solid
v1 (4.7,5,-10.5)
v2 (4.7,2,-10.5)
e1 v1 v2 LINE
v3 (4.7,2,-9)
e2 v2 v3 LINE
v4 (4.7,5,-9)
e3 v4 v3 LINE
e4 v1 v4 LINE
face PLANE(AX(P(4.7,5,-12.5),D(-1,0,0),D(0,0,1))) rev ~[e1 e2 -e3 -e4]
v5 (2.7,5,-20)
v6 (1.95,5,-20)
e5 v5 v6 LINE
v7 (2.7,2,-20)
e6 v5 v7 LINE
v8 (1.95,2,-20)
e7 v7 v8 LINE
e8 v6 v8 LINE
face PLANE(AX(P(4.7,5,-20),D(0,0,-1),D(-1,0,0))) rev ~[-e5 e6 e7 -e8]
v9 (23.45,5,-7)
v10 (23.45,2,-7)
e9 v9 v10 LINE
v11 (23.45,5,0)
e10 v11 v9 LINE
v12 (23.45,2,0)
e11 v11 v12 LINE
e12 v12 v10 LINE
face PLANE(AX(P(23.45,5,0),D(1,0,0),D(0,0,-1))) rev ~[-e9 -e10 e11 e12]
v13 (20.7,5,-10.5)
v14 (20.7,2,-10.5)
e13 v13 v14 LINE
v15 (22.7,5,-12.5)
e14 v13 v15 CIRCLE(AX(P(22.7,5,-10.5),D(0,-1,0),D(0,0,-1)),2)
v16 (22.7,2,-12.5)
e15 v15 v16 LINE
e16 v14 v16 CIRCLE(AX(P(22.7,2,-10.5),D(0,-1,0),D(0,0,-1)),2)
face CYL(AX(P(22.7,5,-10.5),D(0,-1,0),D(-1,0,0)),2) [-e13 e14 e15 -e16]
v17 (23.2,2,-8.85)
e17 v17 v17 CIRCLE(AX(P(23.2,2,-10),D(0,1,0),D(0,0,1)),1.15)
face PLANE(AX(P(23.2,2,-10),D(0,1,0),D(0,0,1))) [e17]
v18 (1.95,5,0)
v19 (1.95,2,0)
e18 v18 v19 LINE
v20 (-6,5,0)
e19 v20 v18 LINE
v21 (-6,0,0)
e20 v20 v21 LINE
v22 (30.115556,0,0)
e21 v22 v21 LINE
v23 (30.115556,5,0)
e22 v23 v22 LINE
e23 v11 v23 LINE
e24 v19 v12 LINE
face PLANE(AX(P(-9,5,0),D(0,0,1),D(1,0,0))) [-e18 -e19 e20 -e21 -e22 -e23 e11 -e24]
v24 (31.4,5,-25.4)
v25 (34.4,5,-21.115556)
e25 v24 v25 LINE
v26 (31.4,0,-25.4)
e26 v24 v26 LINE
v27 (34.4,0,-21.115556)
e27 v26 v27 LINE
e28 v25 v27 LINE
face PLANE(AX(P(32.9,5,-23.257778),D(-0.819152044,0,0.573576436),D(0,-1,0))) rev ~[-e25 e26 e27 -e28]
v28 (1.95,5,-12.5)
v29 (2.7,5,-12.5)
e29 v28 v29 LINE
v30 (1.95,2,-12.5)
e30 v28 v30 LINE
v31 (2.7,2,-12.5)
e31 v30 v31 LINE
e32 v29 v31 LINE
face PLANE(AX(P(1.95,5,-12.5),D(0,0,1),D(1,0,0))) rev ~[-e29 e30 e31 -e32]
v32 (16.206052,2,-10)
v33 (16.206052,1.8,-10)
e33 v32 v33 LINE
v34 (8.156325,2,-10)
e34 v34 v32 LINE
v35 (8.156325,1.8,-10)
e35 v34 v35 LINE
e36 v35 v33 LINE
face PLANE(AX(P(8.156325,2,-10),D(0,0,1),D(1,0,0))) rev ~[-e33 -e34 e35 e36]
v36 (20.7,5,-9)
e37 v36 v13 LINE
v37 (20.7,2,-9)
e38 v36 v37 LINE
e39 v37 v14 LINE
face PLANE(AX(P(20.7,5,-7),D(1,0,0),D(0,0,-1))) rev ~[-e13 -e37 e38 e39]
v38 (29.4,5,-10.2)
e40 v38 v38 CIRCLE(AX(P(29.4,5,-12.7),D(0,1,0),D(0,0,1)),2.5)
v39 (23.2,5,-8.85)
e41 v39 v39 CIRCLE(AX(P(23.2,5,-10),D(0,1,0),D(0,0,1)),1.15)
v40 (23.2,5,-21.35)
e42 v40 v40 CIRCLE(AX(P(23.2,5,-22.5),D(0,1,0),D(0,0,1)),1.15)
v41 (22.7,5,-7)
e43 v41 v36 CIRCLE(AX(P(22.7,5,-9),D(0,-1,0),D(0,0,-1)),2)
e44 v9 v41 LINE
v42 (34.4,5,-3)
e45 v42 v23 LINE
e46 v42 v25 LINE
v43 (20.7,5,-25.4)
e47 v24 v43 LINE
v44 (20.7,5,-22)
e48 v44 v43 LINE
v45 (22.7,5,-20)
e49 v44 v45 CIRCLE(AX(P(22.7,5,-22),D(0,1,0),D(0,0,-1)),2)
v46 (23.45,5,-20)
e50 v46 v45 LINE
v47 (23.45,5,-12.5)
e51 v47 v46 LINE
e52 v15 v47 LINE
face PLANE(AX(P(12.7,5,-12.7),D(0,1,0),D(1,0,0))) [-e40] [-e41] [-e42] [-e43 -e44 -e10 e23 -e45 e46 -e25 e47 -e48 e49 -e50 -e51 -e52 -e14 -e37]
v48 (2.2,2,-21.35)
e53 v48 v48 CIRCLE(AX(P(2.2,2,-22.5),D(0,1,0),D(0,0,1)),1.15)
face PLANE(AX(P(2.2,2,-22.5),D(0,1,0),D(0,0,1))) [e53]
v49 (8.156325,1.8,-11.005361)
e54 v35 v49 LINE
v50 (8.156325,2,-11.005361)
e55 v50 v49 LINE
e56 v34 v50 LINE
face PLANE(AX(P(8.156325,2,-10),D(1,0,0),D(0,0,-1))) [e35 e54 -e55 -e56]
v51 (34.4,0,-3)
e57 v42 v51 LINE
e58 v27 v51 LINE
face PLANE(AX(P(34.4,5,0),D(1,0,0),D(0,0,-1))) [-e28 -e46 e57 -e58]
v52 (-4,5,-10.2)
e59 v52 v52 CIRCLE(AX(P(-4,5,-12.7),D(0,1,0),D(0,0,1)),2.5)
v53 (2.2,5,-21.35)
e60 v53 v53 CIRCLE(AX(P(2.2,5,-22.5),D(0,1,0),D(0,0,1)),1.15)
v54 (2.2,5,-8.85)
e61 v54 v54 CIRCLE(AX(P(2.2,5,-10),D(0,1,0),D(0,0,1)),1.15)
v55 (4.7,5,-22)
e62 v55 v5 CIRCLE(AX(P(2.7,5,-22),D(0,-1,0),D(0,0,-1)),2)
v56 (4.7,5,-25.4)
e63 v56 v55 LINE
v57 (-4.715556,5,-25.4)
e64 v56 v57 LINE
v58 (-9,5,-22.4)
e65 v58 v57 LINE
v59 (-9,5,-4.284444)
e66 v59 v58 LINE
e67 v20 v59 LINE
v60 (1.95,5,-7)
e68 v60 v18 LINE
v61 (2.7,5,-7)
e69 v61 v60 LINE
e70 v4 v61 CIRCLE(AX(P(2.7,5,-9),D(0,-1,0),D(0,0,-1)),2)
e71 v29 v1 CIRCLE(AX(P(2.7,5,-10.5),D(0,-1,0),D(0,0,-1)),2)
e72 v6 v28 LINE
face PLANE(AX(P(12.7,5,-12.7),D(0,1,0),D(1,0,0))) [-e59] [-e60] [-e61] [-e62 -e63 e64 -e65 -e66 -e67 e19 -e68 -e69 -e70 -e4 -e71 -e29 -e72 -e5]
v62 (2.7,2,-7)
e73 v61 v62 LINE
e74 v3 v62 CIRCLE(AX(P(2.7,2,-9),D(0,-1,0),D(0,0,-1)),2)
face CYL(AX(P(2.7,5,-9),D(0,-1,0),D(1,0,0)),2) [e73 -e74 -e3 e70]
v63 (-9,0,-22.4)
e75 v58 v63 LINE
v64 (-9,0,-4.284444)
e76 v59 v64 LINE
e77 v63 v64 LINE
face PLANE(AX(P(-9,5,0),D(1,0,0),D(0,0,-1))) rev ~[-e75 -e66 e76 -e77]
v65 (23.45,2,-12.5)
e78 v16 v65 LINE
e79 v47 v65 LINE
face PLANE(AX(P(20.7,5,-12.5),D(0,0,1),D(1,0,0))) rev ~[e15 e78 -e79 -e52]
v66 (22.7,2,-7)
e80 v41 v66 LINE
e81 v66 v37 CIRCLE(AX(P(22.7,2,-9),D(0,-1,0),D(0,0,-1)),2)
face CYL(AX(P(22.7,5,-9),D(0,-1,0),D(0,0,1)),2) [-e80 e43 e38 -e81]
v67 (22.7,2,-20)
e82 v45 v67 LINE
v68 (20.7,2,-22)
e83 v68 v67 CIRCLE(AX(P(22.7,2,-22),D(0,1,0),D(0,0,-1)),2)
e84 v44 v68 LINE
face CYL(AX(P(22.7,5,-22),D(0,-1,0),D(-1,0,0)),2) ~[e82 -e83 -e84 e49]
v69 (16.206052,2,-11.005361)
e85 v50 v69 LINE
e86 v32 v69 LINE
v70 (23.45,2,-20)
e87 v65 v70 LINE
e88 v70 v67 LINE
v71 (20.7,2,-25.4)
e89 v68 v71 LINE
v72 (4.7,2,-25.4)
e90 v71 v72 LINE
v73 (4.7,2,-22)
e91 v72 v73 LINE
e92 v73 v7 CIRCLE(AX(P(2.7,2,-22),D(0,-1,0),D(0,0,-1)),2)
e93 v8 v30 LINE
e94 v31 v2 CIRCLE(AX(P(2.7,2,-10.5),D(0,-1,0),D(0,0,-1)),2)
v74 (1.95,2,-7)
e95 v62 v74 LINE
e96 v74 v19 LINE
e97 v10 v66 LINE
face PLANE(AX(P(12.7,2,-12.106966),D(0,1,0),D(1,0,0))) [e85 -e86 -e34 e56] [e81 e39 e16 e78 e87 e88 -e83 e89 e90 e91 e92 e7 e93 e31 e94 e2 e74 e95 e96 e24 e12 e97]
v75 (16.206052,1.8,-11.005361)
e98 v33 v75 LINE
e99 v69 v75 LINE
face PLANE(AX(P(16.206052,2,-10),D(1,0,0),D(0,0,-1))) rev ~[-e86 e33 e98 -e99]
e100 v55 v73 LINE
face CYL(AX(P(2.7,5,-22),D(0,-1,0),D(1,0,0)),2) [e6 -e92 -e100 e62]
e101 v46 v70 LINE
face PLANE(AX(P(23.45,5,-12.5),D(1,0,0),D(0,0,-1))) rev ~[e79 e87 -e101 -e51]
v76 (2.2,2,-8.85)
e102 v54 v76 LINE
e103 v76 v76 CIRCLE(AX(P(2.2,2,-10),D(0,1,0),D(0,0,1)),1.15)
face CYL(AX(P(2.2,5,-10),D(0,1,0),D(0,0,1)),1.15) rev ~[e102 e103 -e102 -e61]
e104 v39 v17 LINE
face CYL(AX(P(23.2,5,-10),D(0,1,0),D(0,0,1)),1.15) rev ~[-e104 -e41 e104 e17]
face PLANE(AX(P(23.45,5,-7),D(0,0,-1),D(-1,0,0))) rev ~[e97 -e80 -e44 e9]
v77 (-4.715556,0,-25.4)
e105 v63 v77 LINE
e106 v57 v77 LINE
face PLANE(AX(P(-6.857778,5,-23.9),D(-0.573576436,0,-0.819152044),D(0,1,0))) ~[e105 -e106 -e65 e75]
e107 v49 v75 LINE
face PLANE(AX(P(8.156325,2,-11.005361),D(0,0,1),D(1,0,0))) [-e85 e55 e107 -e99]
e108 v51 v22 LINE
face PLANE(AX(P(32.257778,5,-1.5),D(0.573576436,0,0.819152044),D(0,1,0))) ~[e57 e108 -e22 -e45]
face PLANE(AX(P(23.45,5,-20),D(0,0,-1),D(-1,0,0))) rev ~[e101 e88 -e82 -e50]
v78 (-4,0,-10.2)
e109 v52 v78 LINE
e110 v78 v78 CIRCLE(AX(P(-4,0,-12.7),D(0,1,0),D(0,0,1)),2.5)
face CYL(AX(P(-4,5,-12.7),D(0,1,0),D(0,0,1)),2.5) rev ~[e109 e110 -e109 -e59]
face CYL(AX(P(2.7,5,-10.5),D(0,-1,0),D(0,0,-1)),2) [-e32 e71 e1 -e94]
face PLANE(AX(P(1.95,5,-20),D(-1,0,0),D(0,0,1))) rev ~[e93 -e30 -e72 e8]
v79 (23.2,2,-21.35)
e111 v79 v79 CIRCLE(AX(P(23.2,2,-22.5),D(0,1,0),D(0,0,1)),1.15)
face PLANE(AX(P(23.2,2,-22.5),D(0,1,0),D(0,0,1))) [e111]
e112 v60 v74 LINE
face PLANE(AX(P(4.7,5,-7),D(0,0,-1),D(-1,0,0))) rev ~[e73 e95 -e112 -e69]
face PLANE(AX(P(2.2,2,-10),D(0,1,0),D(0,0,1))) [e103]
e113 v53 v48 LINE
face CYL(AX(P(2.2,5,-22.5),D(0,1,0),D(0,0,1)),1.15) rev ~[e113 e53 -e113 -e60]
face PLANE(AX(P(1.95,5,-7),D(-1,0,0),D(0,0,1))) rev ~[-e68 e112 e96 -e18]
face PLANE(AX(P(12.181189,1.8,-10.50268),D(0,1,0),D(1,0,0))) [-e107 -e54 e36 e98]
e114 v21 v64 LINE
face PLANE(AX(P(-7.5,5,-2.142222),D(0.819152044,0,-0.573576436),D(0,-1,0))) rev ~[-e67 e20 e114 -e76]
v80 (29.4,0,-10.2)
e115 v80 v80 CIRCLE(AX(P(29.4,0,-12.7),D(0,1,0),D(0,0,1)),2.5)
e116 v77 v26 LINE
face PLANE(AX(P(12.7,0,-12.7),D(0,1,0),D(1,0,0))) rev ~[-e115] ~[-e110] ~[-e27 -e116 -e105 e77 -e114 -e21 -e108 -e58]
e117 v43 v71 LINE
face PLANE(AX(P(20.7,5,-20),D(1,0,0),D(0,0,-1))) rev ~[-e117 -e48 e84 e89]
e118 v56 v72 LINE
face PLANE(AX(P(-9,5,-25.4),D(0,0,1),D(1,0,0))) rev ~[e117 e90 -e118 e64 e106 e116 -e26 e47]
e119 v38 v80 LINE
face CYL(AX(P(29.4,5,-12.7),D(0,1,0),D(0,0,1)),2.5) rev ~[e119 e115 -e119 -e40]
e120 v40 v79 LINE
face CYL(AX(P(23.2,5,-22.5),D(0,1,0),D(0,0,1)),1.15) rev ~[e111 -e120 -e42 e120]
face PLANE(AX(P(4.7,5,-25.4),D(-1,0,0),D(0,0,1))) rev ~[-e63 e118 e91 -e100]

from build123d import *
from OCP.BRepFilletAPI import BRepFilletAPI_MakeChamfer

# Parameters (mm, degrees)
SKETCH2_W           = 25.4
SKETCH2_H           = 25.4
BOSS_EXTRUDE6_DEPTH = 5
BOSS_EXTRUDE7_DEPTH = 5
FILLET1_R           = 5
SKETCH5_R           = 1
CUT_EXTRUDE1_DEPTH  = 5
SKETCH6_W           = 28.098270468
SKETCH6_H           = 9.80175879
CUT_EXTRUDE2_DEPTH  = 49.905214446
SKETCH7_W           = 43.4
SKETCH7_H           = 25.4
SKETCH7_R           = 2.5
BOSS_EXTRUDE8_DEPTH = 5
SKETCH8_R           = 2.5
CUT_EXTRUDE3_DEPTH  = 10
SKETCH9_R           = 1.15
CUT_EXTRUDE4_DEPTH  = 3
FILLET2_R           = 2
CHAMFER1_SIZE       = 3
CHAMFER1_SIZE2      = 4.28444402
SKETCH10_W          = 8.049726934
SKETCH10_H          = 1.005360961
CUT_EXTRUDE5_DEPTH  = 0.2


with BuildPart() as part:
    # Sketch2 → Boss-Extrude6 (new body)
    with BuildSketch(Plane(origin=(0, 0, 0), x_dir=(1, 0, 0), z_dir=(0, 1, 0))):
        with Locations((12.7, 12.7)):
            Rectangle(SKETCH2_W, SKETCH2_H)
    extrude(amount=BOSS_EXTRUDE6_DEPTH)

    # Sketch4 → Boss-Extrude7 (add)
    with BuildSketch(Plane.XZ):
        with BuildLine():
            Line((25.4, 0), (25.4, -9.7))
            ThreePointArc((25.4, -9.7), (34.4, -12.7), (25.4, -15.7))
            Line((25.4, -15.7), (25.4, -25.4))
            Line((25.4, -25.4), (15.7, -25.4))
            ThreePointArc((15.7, -25.4), (12.7, -34.4), (9.7, -25.4))
            Line((9.7, -25.4), (0, -25.4))
            Line((0, -25.4), (0, -15.7))
            ThreePointArc((0, -15.7), (-9, -12.7), (0, -9.7))
            Line((0, -9.7), (0, 0))
            Line((0, 0), (9.7, 0))
            Line((9.7, 0), (15.7, 0))
            Line((15.7, 0), (25.4, 0))
        make_face()
    extrude(amount=-BOSS_EXTRUDE7_DEPTH)

    # Fillet1
    fillet1_edges = [part.edges().sort_by_distance(p)[0] for p in [
        (25.4, 2.5, -9.7),
        (25.4, 2.5, -15.7),
        (15.7, 2.5, -25.4),
        (9.7, 2.5, -25.4),
        (0, 2.5, -15.7),
        (0, 2.5, -9.7),
    ]]
    fillet(fillet1_edges, radius=FILLET1_R)

    # Sketch5 → Cut-Extrude1 (cut)
    with BuildSketch(Plane(origin=(0, 5, 0), x_dir=(1, 0, 0), z_dir=(0, 1, 0))):
        with Locations(Location((-4, 12.7, 0), (0, 0, 270))):
            Circle(SKETCH5_R)
        with Locations(Location((12.7, 29.4, 0), (0, 0, 270))):
            Circle(SKETCH5_R)
        with Locations(Location((29.4, 12.7, 0), (0, 0, 270))):
            Circle(SKETCH5_R)
    extrude(amount=-CUT_EXTRUDE1_DEPTH, mode=Mode.SUBTRACT)

    # Sketch6 → Cut-Extrude2 (cut, through all)
    with BuildSketch(Plane(origin=(0, 5, 0), x_dir=(1, 0, 0), z_dir=(0, 1, 0))):
        with Locations((14.049135234, 30.300879395)):
            Rectangle(SKETCH6_W, SKETCH6_H)
    extrude(amount=-CUT_EXTRUDE2_DEPTH, mode=Mode.SUBTRACT)

    # Sketch7 → Boss-Extrude8 (add)
    with BuildSketch(Plane(origin=(0, 5, 0), x_dir=(1, 0, 0), z_dir=(0, 1, 0))):
        with Locations((12.7, 12.7)):
            Rectangle(SKETCH7_W, SKETCH7_H)
        with Locations((-4, 12.7)):
            Circle(SKETCH7_R, mode=Mode.SUBTRACT)
        with Locations((29.4, 12.7)):
            Circle(SKETCH7_R, mode=Mode.SUBTRACT)
    extrude(amount=-BOSS_EXTRUDE8_DEPTH)

    # Sketch8 → Cut-Extrude3 (cut)
    with BuildSketch(Plane(origin=(0, 5, 0), x_dir=(1, 0, 0), z_dir=(0, 1, 0))):
        with Locations(Location((-4, 12.7, 0), (0, 0, 270))):
            Circle(SKETCH8_R)
        with Locations(Location((29.4, 12.7, 0), (0, 0, 270))):
            Circle(SKETCH8_R)
    extrude(amount=-CUT_EXTRUDE3_DEPTH, mode=Mode.SUBTRACT)

    # Sketch9 → Cut-Extrude4 (cut)
    with BuildSketch(Plane(origin=(0, 5, 0), x_dir=(1, 0, 0), z_dir=(0, 1, 0))):
        with Locations(Location((2.2, 10, 0), (0, 0, 270))):
            Circle(SKETCH9_R)
        with Locations(Location((2.2, 22.5, 0), (0, 0, 270))):
            Circle(SKETCH9_R)
        with Locations(Location((23.2, 22.5, 0), (0, 0, 270))):
            Circle(SKETCH9_R)
        with Locations(Location((23.2, 10, 0), (0, 0, 270))):
            Circle(SKETCH9_R)
        Polygon((23.45, 12.5), (23.45, 20), (20.7, 20), (20.7, 25.4), (4.7, 25.4), (4.7, 20), (1.95, 20), (1.95, 12.5), (4.7, 12.5), (4.7, 7), (1.95, 7), (1.95, 0), (23.45, 0), (23.45, 7), (20.7, 7), (20.7, 12.5), align=None)
    extrude(amount=-CUT_EXTRUDE4_DEPTH, mode=Mode.SUBTRACT)

    # Fillet2
    fillet2_edges = [part.edges().sort_by_distance(p)[0] for p in [
        (20.7, 3.5, -12.5),
        (20.7, 3.5, -7),
        (4.7, 3.5, -7),
        (4.7, 3.5, -12.5),
        (4.7, 3.5, -20),
        (20.7, 3.5, -20),
    ]]
    fillet(fillet2_edges, radius=FILLET2_R)

    # Chamfer1: one chamfer whose edges measure the first distance from different faces: ONE call of the kernel's chamfer builder (chamfer() names one face for all edges)
    chamfer1_edges_1 = [part.edges().sort_by_distance(p)[0] for p in [
        (34.4, 2.5, 0),
    ]]
    chamfer1_side_1 = [part.faces().sort_by_distance(p)[0] for p in [
        (34.4, 2.5, -12.7),
    ]]
    chamfer1_edges_2 = [part.edges().sort_by_distance(p)[0] for p in [
        (-9, 2.5, 0),
    ]]
    chamfer1_side_2 = [part.faces().sort_by_distance(p)[0] for p in [
        (-8.56312931, 2.5, 0),
    ]]
    chamfer1_edges_3 = [part.edges().sort_by_distance(p)[0] for p in [
        (34.4, 2.5, -25.4),
    ]]
    chamfer1_side_3 = [part.faces().sort_by_distance(p)[0] for p in [
        (33.96312931, 2.5, -25.4),
    ]]
    chamfer1_edges_4 = [part.edges().sort_by_distance(p)[0] for p in [
        (-9, 2.5, -25.4),
    ]]
    chamfer1_side_4 = [part.faces().sort_by_distance(p)[0] for p in [
        (-9, 2.5, -12.7),
    ]]
    chamfer1 = BRepFilletAPI_MakeChamfer(part.part.solid().wrapped)
    for e in chamfer1_edges_1:
        chamfer1.Add(CHAMFER1_SIZE, CHAMFER1_SIZE2, e.wrapped, chamfer1_side_1[0].wrapped)  # the first distance lies on this face
    for e in chamfer1_edges_2:
        chamfer1.Add(CHAMFER1_SIZE, CHAMFER1_SIZE2, e.wrapped, chamfer1_side_2[0].wrapped)  # the first distance lies on this face
    for e in chamfer1_edges_3:
        chamfer1.Add(CHAMFER1_SIZE, CHAMFER1_SIZE2, e.wrapped, chamfer1_side_3[0].wrapped)  # the first distance lies on this face
    for e in chamfer1_edges_4:
        chamfer1.Add(CHAMFER1_SIZE, CHAMFER1_SIZE2, e.wrapped, chamfer1_side_4[0].wrapped)  # the first distance lies on this face
    add(Compound.cast(chamfer1.Shape()), mode=Mode.REPLACE)

    # Sketch10 → Cut-Extrude5 (cut)
    with BuildSketch(Plane(origin=(0, 2, 0), x_dir=(1, 0, 0), z_dir=(0, 1, 0))):
        with Locations((12.181188926, 10.502680481)):
            Rectangle(SKETCH10_W, SKETCH10_H)
    extrude(amount=-CUT_EXTRUDE5_DEPTH, mode=Mode.SUBTRACT)


solid = part.part
